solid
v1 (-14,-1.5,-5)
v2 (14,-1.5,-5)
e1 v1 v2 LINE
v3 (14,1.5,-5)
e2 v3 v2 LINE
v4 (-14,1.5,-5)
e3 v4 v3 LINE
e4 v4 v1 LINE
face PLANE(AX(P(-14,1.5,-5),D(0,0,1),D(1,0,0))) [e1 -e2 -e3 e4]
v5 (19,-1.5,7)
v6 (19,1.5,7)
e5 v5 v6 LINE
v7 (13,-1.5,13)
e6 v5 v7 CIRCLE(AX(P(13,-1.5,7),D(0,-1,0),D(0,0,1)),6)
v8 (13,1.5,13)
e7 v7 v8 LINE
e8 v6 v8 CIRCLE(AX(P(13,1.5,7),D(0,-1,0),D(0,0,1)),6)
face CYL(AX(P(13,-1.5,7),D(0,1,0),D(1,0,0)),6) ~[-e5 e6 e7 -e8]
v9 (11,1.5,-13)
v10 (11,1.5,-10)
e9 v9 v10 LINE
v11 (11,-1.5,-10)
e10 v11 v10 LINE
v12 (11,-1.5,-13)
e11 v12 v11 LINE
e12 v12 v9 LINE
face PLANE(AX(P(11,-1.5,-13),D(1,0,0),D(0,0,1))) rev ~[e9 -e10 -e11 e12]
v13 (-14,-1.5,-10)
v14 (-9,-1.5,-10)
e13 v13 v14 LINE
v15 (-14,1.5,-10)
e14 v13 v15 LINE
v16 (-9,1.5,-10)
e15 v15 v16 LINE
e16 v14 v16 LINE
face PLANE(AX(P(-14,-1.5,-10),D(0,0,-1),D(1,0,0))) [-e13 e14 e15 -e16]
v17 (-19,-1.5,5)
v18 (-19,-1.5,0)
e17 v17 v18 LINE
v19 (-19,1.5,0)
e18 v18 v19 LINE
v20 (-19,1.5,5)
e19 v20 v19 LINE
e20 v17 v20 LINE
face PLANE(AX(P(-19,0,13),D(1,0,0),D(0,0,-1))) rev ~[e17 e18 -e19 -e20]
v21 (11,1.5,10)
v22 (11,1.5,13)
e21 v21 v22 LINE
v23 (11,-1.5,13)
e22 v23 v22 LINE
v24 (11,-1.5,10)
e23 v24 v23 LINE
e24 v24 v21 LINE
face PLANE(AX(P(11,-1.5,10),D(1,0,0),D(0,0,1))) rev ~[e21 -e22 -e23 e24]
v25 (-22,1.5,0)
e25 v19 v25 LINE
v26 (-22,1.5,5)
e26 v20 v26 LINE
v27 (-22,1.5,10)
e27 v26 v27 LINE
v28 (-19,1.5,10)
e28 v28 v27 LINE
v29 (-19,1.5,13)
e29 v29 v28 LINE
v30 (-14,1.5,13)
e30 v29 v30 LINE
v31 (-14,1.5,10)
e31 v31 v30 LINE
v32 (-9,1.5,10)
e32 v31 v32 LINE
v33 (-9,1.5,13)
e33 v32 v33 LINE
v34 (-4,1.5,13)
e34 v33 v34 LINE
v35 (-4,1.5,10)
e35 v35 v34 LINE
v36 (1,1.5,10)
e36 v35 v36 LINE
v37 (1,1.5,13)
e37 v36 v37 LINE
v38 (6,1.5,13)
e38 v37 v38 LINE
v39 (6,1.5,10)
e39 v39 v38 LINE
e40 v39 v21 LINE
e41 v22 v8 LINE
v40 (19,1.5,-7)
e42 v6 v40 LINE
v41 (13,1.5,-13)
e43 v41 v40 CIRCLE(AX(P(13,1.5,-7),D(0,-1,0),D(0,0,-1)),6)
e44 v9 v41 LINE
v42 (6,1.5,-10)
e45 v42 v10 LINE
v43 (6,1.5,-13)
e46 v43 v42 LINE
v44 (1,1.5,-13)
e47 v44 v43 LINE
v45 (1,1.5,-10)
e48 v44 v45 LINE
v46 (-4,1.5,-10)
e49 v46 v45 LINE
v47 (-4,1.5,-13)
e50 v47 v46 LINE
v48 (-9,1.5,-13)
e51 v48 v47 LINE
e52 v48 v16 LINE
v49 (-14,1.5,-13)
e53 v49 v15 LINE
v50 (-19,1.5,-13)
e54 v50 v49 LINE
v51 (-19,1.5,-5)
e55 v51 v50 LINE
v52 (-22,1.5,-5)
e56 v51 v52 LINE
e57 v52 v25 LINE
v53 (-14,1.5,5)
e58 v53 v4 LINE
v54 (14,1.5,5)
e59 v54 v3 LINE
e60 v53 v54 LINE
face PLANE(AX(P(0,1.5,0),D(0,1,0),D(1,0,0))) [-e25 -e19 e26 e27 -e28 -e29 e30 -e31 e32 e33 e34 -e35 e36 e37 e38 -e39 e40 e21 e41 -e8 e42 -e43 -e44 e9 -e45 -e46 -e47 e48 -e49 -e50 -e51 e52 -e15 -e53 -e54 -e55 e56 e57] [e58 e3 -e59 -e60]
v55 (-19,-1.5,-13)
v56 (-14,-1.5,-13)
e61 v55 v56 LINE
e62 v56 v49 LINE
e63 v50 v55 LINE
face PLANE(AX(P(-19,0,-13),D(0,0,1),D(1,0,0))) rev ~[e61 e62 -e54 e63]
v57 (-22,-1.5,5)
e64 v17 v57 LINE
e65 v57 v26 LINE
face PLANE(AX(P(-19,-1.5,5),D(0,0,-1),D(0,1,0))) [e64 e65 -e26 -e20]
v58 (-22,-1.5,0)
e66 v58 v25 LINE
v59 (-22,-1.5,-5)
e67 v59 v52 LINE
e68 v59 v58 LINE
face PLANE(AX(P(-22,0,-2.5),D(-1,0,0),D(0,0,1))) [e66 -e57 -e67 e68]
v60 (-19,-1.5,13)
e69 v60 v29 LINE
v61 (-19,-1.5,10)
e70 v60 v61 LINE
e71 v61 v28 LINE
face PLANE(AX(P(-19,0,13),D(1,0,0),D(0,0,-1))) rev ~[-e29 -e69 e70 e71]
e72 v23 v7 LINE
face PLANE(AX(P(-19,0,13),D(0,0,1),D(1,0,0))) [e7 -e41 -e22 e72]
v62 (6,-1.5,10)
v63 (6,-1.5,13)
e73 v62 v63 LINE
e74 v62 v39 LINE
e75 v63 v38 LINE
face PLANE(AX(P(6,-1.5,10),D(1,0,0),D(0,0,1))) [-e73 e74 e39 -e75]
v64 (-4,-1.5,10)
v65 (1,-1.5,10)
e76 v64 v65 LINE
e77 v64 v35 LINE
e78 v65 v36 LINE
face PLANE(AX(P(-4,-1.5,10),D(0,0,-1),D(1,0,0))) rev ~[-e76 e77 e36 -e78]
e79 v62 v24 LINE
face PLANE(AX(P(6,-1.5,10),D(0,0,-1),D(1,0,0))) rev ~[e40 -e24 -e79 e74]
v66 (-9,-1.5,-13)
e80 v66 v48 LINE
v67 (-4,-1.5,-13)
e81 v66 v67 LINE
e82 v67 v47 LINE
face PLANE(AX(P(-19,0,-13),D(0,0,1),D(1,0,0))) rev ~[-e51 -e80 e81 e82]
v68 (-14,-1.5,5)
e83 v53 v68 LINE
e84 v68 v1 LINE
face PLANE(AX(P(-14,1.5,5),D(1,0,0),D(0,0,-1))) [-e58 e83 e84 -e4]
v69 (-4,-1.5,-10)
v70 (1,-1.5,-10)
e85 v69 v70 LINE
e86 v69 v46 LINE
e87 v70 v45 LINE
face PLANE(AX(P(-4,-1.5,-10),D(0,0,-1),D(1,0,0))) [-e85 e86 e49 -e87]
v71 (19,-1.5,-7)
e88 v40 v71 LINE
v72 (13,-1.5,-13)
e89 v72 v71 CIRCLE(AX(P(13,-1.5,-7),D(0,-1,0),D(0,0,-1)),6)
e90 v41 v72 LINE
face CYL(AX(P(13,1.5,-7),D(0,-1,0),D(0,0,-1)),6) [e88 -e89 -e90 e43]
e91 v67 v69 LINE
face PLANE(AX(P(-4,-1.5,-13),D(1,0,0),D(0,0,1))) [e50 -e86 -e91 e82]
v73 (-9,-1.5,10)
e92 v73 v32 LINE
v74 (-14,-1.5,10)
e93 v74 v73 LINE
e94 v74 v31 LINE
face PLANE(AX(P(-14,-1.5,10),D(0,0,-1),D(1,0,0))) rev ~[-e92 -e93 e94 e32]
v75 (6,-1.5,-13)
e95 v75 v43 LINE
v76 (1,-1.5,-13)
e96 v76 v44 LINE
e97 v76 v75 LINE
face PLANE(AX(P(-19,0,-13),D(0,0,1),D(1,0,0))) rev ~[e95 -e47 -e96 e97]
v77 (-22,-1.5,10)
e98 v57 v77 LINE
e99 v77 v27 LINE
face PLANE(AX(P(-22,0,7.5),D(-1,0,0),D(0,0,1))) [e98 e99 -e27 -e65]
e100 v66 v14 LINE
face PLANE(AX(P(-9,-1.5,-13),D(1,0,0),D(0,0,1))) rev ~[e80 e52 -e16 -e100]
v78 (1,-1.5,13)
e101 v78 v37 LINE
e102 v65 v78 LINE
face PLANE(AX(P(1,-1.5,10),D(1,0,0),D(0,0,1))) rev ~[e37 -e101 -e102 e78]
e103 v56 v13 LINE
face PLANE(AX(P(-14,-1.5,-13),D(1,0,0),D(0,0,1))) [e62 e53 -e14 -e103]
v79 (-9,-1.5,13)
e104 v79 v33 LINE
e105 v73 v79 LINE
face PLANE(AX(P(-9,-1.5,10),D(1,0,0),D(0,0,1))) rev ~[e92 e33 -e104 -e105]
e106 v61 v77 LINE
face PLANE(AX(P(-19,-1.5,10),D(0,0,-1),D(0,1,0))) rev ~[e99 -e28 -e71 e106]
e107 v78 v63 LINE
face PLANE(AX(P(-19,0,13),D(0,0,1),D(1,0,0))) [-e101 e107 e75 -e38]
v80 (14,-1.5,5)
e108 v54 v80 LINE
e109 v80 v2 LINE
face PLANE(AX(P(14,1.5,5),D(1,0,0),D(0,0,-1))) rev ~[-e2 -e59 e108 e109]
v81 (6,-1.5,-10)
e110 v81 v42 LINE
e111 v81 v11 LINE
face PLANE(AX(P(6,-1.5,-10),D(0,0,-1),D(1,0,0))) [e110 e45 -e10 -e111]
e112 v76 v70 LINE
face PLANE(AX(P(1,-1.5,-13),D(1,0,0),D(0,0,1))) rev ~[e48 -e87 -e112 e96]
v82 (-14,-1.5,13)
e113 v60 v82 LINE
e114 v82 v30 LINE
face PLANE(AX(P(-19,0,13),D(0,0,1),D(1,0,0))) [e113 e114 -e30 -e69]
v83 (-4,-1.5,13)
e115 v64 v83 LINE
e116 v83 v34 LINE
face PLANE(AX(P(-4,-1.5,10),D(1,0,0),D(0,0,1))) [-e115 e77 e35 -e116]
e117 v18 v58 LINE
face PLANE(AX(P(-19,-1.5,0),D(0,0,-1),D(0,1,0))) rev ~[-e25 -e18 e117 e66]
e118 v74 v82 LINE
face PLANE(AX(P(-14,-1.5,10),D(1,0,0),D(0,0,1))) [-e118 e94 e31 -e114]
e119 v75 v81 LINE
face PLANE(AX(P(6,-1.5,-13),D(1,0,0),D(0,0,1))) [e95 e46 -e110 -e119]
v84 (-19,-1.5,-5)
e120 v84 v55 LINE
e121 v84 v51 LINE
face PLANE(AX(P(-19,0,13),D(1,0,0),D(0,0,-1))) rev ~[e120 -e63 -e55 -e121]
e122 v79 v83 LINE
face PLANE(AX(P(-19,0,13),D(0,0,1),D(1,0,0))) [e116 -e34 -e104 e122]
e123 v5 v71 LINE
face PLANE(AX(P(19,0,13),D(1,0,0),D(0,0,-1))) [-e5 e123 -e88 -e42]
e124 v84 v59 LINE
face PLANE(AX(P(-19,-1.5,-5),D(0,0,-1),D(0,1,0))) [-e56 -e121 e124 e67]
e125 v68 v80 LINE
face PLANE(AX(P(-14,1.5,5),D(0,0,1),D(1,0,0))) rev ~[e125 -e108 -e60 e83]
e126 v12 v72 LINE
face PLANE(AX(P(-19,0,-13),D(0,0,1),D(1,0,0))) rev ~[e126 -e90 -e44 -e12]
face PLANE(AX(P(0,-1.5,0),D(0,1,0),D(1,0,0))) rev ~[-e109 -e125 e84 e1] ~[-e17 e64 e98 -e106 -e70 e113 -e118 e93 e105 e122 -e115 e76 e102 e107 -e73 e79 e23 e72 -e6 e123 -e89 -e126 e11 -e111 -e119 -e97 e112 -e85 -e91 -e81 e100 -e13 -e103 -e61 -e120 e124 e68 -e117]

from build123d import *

# Parameters (mm, degrees)
SKETCH1_W           = 38
SKETCH1_H           = 26
BOSS_EXTRUDE1_DEPTH = 1.5
SKETCH8_W           = 5
SKETCH8_H           = 3
BOSS_EXTRUDE2_DEPTH = 3
SKETCH9_W           = 5
SKETCH9_H           = 3
CUT_EXTRUDE2_DEPTH  = 3
FILLET1_R           = 6
SKETCH10_W          = 28
SKETCH10_H          = 10
CUT_EXTRUDE3_DEPTH  = 3


with BuildPart() as part:
    # Sketch1 → Boss-Extrude1 (new body, symmetric)
    with BuildSketch(Plane(origin=(0, 0, 0), x_dir=(1, 0, 0), z_dir=(0, 1, 0))):
        Rectangle(SKETCH1_W, SKETCH1_H)
    extrude(amount=BOSS_EXTRUDE1_DEPTH, both=True)

    # Sketch8 → Boss-Extrude2 (add)
    with BuildSketch(Plane.ZY.offset(19)):
        with Locations((-2.5, 0)):
            Rectangle(SKETCH8_W, SKETCH8_H)
        with Locations((7.5, 0)):
            Rectangle(SKETCH8_W, SKETCH8_H)
    extrude(amount=BOSS_EXTRUDE2_DEPTH)

    # Sketch9 → Cut-Extrude2 (cut)
    with BuildSketch(Plane.XZ.offset(1.5)):
        with Locations((-11.5, -11.5)):
            Rectangle(SKETCH9_W, SKETCH9_H)
        with Locations((-11.5, 11.5)):
            Rectangle(SKETCH9_W, SKETCH9_H)
        with Locations((-1.5, -11.5)):
            Rectangle(SKETCH9_W, SKETCH9_H)
        with Locations((-1.5, 11.5)):
            Rectangle(SKETCH9_W, SKETCH9_H)
        with Locations((8.5, -11.5)):
            Rectangle(SKETCH9_W, SKETCH9_H)
        with Locations((8.5, 11.5)):
            Rectangle(SKETCH9_W, SKETCH9_H)
    extrude(amount=-CUT_EXTRUDE2_DEPTH, mode=Mode.SUBTRACT)

    # Fillet1
    fillet1_edges = [part.edges().sort_by_distance(p)[0] for p in [
        (19, 0, 13),
        (19, 0, -13),
    ]]
    fillet(fillet1_edges, radius=FILLET1_R)

    # Sketch10 → Cut-Extrude3 (cut)
    with BuildSketch(Plane(origin=(0, 1.5, 0), x_dir=(1, 0, 0), z_dir=(0, 1, 0))):
        Rectangle(SKETCH10_W, SKETCH10_H)
    extrude(amount=-CUT_EXTRUDE3_DEPTH, mode=Mode.SUBTRACT)


solid = part.part
